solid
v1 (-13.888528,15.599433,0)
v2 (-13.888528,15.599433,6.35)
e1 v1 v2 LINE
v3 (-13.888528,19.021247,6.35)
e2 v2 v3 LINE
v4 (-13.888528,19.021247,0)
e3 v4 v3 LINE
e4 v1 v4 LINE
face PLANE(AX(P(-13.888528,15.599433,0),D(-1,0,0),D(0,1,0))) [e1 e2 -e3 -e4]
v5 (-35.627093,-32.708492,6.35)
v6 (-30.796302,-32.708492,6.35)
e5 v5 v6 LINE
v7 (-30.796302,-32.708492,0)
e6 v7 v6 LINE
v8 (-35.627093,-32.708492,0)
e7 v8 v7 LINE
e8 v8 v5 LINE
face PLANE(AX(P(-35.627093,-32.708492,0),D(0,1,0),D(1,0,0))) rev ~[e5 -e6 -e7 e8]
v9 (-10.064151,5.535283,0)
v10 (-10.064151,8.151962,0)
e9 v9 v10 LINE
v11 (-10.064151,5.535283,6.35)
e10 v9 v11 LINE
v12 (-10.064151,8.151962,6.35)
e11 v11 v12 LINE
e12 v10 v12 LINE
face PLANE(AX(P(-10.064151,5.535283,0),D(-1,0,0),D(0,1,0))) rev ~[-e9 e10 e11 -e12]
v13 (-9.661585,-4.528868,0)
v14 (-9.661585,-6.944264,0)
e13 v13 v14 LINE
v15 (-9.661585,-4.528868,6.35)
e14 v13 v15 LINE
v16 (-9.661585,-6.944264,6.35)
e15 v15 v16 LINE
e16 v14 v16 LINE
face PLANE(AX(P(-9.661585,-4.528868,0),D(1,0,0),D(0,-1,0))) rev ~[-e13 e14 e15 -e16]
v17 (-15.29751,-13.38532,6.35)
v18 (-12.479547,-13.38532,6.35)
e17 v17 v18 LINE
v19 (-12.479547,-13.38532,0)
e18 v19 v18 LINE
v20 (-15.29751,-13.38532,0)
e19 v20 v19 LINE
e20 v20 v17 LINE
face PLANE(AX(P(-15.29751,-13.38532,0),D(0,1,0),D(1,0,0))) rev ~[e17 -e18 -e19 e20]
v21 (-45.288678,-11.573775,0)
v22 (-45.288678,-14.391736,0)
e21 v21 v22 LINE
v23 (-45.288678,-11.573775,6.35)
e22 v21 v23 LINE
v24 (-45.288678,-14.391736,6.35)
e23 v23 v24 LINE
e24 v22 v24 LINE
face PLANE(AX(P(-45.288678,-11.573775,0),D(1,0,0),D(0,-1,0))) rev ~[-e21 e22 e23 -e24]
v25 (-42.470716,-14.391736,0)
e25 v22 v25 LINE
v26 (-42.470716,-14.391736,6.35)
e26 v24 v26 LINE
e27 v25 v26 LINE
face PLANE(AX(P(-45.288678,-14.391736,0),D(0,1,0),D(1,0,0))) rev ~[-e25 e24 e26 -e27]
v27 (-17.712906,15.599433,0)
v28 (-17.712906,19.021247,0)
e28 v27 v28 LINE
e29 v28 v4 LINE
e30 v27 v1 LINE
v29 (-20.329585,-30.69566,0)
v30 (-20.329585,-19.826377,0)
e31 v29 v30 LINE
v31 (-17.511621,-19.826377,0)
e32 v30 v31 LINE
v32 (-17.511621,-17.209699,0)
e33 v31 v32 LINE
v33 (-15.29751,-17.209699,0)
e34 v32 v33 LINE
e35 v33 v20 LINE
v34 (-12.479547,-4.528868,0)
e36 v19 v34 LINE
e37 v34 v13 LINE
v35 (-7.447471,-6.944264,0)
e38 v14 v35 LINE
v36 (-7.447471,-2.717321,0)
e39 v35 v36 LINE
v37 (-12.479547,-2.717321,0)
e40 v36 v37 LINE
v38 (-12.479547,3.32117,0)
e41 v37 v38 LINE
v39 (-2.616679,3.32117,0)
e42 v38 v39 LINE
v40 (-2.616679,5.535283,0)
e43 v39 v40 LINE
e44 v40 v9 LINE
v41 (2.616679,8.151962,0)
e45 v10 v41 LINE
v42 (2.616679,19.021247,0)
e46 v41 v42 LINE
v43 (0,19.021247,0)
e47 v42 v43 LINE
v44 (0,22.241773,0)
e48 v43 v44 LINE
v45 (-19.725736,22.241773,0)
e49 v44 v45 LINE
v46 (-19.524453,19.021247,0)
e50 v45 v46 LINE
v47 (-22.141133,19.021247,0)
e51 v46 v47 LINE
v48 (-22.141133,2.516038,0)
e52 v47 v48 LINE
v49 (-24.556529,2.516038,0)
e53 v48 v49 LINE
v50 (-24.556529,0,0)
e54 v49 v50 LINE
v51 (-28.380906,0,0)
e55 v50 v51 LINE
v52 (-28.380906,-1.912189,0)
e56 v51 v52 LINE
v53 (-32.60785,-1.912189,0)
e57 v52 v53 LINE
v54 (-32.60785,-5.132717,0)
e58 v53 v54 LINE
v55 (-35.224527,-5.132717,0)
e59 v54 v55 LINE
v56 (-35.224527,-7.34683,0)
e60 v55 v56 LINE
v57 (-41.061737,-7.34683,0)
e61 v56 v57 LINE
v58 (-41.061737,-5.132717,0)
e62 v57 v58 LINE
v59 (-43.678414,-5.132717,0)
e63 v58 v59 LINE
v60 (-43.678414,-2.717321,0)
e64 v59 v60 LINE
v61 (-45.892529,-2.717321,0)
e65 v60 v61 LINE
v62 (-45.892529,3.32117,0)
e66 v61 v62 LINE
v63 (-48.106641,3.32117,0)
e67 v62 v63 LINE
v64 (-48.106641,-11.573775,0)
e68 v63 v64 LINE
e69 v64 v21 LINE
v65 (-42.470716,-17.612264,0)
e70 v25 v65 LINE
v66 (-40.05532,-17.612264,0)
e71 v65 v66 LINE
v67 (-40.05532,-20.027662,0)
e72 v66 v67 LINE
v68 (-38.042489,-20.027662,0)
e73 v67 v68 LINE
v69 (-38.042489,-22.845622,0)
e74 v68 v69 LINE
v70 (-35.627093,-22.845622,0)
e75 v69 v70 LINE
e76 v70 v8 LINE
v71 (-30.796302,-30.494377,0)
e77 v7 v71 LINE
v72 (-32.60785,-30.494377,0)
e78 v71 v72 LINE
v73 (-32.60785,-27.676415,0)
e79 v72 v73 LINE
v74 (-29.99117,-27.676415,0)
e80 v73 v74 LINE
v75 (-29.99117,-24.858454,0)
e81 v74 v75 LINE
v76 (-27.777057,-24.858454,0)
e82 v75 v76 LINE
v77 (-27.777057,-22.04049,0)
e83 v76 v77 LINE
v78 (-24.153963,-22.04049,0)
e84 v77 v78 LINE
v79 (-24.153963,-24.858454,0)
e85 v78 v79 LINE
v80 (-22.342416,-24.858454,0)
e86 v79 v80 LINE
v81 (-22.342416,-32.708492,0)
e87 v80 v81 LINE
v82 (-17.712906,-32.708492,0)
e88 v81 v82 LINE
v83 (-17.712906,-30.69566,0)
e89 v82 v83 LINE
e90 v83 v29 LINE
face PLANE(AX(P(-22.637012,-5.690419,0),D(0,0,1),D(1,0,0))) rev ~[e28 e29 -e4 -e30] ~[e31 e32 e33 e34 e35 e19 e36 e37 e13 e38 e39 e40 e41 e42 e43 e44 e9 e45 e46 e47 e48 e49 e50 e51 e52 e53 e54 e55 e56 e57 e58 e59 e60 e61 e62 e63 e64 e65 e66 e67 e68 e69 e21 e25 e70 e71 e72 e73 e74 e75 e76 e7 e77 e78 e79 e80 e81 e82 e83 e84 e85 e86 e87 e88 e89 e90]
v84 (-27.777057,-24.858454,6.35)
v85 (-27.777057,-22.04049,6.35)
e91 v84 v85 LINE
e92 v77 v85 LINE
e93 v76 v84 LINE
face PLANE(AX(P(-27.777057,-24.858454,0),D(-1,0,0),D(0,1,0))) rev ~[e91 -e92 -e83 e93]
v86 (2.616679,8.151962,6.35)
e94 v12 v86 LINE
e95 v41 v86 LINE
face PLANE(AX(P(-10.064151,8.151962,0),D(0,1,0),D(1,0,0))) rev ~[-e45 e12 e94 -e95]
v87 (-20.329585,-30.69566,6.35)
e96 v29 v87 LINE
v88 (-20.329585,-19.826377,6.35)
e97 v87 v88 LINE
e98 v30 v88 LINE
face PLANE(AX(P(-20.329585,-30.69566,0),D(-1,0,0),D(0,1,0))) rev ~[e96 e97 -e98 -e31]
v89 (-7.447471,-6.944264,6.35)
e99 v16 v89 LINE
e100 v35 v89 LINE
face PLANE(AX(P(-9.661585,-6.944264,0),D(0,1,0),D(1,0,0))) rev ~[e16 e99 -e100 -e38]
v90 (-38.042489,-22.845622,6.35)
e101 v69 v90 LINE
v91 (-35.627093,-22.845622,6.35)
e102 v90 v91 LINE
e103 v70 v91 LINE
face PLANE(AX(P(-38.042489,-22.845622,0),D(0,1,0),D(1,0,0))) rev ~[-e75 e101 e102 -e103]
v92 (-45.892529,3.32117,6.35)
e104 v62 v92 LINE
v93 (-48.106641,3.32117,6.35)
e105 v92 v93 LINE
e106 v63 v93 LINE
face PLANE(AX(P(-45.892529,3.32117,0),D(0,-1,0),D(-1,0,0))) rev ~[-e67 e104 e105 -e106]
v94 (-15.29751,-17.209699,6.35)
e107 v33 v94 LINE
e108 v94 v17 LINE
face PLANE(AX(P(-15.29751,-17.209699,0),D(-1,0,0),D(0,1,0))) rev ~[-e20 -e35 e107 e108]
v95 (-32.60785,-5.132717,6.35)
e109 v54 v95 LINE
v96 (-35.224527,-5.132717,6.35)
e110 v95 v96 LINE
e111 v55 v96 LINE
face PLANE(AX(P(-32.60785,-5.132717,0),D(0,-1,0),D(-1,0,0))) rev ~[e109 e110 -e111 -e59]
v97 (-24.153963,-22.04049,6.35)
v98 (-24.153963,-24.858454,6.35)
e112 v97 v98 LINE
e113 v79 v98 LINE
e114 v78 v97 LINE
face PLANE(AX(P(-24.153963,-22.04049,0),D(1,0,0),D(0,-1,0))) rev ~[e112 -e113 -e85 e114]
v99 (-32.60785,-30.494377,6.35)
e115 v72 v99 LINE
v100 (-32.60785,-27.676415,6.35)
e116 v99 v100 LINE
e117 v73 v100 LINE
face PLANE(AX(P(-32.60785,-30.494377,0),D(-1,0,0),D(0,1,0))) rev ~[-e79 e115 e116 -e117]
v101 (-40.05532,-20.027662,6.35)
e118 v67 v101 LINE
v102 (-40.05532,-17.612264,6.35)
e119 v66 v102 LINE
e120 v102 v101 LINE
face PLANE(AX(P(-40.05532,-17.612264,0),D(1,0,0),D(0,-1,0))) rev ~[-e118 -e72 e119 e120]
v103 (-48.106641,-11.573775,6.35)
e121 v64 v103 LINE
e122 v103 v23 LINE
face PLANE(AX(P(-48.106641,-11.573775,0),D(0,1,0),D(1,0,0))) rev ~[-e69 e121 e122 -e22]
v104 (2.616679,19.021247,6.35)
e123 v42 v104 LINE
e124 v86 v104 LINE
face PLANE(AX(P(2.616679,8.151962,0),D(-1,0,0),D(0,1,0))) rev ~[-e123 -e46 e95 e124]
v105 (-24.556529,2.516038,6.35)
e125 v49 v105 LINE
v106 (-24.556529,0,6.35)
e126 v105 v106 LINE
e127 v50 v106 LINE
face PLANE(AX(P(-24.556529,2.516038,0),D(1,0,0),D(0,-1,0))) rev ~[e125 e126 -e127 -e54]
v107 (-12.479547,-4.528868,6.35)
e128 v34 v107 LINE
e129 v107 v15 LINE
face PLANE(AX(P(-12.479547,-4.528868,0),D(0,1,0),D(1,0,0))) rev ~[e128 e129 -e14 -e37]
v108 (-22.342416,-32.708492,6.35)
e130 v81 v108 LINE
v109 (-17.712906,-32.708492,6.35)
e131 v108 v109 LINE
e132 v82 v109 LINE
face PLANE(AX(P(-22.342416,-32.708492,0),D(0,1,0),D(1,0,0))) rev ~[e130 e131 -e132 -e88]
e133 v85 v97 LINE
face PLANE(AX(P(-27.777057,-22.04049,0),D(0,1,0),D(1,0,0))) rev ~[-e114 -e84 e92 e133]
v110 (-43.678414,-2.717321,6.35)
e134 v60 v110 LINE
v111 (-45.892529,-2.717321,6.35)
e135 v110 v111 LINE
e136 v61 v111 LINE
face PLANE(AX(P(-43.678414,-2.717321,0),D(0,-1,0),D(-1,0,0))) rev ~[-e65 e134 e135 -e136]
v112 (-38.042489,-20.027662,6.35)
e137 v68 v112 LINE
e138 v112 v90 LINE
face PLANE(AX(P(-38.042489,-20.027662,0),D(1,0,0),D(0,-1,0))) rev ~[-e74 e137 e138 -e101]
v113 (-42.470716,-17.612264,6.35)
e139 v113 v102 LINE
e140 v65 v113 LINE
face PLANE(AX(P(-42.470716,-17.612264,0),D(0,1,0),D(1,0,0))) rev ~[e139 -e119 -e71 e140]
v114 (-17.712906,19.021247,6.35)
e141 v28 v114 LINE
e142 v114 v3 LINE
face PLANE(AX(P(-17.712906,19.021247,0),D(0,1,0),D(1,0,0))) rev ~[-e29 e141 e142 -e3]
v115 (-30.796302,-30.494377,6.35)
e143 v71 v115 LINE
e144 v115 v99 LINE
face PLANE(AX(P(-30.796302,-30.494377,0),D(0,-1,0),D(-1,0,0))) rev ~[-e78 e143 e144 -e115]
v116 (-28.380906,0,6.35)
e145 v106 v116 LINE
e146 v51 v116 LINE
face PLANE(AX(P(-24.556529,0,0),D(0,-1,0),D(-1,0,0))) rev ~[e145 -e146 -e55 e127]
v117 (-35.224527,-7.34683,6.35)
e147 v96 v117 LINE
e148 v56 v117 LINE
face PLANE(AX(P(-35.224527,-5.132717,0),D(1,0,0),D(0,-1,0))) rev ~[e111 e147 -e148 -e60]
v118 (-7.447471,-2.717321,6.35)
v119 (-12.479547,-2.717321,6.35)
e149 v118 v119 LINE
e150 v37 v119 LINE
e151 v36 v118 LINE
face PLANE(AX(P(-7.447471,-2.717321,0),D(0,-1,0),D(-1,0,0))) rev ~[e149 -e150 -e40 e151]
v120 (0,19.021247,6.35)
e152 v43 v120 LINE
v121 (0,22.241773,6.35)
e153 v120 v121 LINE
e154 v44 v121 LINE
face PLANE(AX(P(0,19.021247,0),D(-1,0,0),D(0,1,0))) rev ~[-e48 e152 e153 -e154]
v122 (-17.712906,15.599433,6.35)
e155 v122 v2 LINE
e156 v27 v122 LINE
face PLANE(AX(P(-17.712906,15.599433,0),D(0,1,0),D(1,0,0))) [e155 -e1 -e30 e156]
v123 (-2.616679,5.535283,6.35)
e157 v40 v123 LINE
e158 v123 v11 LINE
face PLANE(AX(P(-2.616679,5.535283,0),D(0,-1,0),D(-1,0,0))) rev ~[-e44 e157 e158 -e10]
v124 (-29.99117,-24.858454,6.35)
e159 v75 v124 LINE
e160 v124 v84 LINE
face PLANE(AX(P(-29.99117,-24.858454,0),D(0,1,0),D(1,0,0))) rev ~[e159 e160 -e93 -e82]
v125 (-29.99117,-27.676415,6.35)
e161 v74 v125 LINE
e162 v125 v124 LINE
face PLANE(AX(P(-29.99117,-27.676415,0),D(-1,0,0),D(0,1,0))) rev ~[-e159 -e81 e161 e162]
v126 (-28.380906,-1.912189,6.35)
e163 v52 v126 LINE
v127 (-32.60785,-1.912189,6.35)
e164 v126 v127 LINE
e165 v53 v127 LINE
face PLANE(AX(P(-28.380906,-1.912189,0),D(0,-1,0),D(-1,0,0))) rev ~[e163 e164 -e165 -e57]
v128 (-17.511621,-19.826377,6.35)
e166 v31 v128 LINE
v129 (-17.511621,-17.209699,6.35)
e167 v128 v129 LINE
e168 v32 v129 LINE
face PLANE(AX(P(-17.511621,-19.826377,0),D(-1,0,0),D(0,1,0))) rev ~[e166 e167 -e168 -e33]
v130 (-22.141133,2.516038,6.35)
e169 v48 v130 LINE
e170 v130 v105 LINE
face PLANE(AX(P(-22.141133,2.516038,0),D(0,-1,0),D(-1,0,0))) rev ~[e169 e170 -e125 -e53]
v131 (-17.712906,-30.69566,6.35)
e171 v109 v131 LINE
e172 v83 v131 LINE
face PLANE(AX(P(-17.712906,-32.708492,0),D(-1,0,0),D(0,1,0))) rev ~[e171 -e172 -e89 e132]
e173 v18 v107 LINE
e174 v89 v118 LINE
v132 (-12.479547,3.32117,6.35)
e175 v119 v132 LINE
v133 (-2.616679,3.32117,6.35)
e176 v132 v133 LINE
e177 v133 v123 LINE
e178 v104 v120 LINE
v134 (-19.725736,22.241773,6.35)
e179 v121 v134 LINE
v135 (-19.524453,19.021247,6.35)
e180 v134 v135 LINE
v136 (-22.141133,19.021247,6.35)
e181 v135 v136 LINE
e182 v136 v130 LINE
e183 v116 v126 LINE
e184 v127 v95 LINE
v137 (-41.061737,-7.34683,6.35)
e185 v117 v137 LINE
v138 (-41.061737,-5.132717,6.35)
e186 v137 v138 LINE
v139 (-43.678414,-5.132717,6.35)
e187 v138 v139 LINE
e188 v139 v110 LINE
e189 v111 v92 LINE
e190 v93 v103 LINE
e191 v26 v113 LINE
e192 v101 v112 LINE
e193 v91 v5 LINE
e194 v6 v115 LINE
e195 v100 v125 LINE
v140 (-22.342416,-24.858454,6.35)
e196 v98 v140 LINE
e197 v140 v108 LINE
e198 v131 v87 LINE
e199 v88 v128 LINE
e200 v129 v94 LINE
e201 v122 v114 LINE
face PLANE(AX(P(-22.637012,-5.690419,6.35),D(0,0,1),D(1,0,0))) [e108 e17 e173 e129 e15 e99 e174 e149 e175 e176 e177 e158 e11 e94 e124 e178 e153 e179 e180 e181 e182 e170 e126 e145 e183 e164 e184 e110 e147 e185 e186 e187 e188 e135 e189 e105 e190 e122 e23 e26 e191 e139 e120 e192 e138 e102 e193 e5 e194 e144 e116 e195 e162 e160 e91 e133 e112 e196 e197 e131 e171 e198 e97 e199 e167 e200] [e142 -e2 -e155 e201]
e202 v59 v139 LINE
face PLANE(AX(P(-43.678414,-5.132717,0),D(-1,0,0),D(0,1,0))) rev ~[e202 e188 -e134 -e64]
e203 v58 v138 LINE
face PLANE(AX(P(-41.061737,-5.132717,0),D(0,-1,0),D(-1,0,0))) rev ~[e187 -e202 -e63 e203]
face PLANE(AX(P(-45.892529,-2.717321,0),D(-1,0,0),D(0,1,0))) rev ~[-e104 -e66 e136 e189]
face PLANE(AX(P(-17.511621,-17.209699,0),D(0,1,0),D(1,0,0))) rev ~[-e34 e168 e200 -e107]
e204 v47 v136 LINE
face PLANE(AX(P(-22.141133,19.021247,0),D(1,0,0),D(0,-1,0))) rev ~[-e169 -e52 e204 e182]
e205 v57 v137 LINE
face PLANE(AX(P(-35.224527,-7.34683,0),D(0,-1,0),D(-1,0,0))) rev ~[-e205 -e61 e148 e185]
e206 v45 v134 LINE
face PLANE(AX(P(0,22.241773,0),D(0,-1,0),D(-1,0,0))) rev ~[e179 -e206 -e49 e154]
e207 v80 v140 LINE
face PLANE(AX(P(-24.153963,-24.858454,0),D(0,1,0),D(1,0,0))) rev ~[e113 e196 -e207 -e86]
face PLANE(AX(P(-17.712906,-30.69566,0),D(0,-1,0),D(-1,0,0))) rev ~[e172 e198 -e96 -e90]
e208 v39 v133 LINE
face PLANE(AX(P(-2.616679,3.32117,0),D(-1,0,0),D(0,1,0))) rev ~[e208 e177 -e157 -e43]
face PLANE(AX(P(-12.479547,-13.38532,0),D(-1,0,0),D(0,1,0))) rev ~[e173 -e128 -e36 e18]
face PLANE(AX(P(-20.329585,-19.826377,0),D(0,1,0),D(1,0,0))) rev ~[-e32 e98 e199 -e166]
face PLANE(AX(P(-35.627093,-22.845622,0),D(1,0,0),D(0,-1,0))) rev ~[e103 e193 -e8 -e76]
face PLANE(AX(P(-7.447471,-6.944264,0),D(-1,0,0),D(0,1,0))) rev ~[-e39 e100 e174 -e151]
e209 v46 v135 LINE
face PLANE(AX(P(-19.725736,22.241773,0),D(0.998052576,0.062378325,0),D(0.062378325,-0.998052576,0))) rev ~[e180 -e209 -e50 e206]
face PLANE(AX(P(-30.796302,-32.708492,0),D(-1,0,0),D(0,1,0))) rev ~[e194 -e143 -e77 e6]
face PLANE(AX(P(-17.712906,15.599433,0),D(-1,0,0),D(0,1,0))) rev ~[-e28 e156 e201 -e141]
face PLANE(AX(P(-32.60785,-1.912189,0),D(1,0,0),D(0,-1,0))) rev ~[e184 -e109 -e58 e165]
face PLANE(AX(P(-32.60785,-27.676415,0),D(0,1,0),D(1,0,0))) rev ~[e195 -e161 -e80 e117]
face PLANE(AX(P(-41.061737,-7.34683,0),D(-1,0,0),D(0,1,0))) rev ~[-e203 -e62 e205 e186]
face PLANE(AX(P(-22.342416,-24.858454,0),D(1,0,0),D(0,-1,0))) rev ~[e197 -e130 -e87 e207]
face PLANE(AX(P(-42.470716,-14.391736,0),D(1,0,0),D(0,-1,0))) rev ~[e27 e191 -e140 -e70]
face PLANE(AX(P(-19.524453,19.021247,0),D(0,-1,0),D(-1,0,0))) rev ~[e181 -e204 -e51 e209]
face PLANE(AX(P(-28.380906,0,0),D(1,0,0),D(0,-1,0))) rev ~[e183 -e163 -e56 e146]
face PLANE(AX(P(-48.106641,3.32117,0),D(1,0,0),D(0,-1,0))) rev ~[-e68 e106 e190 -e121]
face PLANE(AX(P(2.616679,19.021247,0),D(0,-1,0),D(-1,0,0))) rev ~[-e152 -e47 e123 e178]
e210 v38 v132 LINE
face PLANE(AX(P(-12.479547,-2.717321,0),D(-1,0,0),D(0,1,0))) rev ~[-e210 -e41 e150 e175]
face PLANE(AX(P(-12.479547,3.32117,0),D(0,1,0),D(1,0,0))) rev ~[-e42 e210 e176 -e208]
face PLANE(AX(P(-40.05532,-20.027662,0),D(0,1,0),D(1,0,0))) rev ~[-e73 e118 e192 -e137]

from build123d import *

# Parameters (mm, degrees)
F0_W     = 3.824378
F0_H     = 3.421813
F1_DEPTH = 6.35


with BuildPart() as f1:
    # F0 (on Top) → F1 (new body)
    with BuildSketch(Plane.XY):
        Polygon((0, 22.241773), (-19.725736, 22.241773), (-19.524453, 19.021247), (-22.141133, 19.021247), (-22.141133, 2.516038), (-24.556529, 2.516038), (-24.556529, 0), (-28.380906, 0), (-28.380906, -1.912189), (-32.60785, -1.912189), (-32.60785, -5.132717), (-35.224527, -5.132717), (-35.224527, -7.34683), (-41.061737, -7.34683), (-41.061737, -5.132717), (-43.678414, -5.132717), (-43.678414, -2.717321), (-45.892529, -2.717321), (-45.892529, 3.32117), (-48.106641, 3.32117), (-48.106641, -11.573775), (-45.288678, -11.573775), (-45.288678, -14.391736), (-42.470716, -14.391736), (-42.470716, -17.612264), (-40.05532, -17.612264), (-40.05532, -20.027662), (-38.042489, -20.027662), (-38.042489, -22.845622), (-35.627093, -22.845622), (-35.627093, -32.708492), (-30.796302, -32.708492), (-30.796302, -30.494377), (-32.60785, -30.494377), (-32.60785, -27.676415), (-29.99117, -27.676415), (-29.99117, -24.858454), (-27.777057, -24.858454), (-27.777057, -22.04049), (-24.153963, -22.04049), (-24.153963, -24.858454), (-22.342416, -24.858454), (-22.342416, -32.708492), (-17.712906, -32.708492), (-17.712906, -30.69566), (-20.329585, -30.69566), (-20.329585, -19.826377), (-17.511621, -19.826377), (-17.511621, -17.209699), (-15.29751, -17.209699), (-15.29751, -13.38532), (-12.479547, -13.38532), (-12.479547, -4.528868), (-9.661585, -4.528868), (-9.661585, -6.944264), (-7.447471, -6.944264), (-7.447471, -2.717321), (-12.479547, -2.717321), (-12.479547, 3.32117), (-2.616679, 3.32117), (-2.616679, 5.535283), (-10.064151, 5.535283), (-10.064151, 8.151962), (2.616679, 8.151962), (2.616679, 19.021247), (0, 19.021247), align=None)
        with Locations((-15.800717, 17.31034)):
            Rectangle(F0_W, F0_H, mode=Mode.SUBTRACT)
    extrude(amount=F1_DEPTH)


solid = f1.part
